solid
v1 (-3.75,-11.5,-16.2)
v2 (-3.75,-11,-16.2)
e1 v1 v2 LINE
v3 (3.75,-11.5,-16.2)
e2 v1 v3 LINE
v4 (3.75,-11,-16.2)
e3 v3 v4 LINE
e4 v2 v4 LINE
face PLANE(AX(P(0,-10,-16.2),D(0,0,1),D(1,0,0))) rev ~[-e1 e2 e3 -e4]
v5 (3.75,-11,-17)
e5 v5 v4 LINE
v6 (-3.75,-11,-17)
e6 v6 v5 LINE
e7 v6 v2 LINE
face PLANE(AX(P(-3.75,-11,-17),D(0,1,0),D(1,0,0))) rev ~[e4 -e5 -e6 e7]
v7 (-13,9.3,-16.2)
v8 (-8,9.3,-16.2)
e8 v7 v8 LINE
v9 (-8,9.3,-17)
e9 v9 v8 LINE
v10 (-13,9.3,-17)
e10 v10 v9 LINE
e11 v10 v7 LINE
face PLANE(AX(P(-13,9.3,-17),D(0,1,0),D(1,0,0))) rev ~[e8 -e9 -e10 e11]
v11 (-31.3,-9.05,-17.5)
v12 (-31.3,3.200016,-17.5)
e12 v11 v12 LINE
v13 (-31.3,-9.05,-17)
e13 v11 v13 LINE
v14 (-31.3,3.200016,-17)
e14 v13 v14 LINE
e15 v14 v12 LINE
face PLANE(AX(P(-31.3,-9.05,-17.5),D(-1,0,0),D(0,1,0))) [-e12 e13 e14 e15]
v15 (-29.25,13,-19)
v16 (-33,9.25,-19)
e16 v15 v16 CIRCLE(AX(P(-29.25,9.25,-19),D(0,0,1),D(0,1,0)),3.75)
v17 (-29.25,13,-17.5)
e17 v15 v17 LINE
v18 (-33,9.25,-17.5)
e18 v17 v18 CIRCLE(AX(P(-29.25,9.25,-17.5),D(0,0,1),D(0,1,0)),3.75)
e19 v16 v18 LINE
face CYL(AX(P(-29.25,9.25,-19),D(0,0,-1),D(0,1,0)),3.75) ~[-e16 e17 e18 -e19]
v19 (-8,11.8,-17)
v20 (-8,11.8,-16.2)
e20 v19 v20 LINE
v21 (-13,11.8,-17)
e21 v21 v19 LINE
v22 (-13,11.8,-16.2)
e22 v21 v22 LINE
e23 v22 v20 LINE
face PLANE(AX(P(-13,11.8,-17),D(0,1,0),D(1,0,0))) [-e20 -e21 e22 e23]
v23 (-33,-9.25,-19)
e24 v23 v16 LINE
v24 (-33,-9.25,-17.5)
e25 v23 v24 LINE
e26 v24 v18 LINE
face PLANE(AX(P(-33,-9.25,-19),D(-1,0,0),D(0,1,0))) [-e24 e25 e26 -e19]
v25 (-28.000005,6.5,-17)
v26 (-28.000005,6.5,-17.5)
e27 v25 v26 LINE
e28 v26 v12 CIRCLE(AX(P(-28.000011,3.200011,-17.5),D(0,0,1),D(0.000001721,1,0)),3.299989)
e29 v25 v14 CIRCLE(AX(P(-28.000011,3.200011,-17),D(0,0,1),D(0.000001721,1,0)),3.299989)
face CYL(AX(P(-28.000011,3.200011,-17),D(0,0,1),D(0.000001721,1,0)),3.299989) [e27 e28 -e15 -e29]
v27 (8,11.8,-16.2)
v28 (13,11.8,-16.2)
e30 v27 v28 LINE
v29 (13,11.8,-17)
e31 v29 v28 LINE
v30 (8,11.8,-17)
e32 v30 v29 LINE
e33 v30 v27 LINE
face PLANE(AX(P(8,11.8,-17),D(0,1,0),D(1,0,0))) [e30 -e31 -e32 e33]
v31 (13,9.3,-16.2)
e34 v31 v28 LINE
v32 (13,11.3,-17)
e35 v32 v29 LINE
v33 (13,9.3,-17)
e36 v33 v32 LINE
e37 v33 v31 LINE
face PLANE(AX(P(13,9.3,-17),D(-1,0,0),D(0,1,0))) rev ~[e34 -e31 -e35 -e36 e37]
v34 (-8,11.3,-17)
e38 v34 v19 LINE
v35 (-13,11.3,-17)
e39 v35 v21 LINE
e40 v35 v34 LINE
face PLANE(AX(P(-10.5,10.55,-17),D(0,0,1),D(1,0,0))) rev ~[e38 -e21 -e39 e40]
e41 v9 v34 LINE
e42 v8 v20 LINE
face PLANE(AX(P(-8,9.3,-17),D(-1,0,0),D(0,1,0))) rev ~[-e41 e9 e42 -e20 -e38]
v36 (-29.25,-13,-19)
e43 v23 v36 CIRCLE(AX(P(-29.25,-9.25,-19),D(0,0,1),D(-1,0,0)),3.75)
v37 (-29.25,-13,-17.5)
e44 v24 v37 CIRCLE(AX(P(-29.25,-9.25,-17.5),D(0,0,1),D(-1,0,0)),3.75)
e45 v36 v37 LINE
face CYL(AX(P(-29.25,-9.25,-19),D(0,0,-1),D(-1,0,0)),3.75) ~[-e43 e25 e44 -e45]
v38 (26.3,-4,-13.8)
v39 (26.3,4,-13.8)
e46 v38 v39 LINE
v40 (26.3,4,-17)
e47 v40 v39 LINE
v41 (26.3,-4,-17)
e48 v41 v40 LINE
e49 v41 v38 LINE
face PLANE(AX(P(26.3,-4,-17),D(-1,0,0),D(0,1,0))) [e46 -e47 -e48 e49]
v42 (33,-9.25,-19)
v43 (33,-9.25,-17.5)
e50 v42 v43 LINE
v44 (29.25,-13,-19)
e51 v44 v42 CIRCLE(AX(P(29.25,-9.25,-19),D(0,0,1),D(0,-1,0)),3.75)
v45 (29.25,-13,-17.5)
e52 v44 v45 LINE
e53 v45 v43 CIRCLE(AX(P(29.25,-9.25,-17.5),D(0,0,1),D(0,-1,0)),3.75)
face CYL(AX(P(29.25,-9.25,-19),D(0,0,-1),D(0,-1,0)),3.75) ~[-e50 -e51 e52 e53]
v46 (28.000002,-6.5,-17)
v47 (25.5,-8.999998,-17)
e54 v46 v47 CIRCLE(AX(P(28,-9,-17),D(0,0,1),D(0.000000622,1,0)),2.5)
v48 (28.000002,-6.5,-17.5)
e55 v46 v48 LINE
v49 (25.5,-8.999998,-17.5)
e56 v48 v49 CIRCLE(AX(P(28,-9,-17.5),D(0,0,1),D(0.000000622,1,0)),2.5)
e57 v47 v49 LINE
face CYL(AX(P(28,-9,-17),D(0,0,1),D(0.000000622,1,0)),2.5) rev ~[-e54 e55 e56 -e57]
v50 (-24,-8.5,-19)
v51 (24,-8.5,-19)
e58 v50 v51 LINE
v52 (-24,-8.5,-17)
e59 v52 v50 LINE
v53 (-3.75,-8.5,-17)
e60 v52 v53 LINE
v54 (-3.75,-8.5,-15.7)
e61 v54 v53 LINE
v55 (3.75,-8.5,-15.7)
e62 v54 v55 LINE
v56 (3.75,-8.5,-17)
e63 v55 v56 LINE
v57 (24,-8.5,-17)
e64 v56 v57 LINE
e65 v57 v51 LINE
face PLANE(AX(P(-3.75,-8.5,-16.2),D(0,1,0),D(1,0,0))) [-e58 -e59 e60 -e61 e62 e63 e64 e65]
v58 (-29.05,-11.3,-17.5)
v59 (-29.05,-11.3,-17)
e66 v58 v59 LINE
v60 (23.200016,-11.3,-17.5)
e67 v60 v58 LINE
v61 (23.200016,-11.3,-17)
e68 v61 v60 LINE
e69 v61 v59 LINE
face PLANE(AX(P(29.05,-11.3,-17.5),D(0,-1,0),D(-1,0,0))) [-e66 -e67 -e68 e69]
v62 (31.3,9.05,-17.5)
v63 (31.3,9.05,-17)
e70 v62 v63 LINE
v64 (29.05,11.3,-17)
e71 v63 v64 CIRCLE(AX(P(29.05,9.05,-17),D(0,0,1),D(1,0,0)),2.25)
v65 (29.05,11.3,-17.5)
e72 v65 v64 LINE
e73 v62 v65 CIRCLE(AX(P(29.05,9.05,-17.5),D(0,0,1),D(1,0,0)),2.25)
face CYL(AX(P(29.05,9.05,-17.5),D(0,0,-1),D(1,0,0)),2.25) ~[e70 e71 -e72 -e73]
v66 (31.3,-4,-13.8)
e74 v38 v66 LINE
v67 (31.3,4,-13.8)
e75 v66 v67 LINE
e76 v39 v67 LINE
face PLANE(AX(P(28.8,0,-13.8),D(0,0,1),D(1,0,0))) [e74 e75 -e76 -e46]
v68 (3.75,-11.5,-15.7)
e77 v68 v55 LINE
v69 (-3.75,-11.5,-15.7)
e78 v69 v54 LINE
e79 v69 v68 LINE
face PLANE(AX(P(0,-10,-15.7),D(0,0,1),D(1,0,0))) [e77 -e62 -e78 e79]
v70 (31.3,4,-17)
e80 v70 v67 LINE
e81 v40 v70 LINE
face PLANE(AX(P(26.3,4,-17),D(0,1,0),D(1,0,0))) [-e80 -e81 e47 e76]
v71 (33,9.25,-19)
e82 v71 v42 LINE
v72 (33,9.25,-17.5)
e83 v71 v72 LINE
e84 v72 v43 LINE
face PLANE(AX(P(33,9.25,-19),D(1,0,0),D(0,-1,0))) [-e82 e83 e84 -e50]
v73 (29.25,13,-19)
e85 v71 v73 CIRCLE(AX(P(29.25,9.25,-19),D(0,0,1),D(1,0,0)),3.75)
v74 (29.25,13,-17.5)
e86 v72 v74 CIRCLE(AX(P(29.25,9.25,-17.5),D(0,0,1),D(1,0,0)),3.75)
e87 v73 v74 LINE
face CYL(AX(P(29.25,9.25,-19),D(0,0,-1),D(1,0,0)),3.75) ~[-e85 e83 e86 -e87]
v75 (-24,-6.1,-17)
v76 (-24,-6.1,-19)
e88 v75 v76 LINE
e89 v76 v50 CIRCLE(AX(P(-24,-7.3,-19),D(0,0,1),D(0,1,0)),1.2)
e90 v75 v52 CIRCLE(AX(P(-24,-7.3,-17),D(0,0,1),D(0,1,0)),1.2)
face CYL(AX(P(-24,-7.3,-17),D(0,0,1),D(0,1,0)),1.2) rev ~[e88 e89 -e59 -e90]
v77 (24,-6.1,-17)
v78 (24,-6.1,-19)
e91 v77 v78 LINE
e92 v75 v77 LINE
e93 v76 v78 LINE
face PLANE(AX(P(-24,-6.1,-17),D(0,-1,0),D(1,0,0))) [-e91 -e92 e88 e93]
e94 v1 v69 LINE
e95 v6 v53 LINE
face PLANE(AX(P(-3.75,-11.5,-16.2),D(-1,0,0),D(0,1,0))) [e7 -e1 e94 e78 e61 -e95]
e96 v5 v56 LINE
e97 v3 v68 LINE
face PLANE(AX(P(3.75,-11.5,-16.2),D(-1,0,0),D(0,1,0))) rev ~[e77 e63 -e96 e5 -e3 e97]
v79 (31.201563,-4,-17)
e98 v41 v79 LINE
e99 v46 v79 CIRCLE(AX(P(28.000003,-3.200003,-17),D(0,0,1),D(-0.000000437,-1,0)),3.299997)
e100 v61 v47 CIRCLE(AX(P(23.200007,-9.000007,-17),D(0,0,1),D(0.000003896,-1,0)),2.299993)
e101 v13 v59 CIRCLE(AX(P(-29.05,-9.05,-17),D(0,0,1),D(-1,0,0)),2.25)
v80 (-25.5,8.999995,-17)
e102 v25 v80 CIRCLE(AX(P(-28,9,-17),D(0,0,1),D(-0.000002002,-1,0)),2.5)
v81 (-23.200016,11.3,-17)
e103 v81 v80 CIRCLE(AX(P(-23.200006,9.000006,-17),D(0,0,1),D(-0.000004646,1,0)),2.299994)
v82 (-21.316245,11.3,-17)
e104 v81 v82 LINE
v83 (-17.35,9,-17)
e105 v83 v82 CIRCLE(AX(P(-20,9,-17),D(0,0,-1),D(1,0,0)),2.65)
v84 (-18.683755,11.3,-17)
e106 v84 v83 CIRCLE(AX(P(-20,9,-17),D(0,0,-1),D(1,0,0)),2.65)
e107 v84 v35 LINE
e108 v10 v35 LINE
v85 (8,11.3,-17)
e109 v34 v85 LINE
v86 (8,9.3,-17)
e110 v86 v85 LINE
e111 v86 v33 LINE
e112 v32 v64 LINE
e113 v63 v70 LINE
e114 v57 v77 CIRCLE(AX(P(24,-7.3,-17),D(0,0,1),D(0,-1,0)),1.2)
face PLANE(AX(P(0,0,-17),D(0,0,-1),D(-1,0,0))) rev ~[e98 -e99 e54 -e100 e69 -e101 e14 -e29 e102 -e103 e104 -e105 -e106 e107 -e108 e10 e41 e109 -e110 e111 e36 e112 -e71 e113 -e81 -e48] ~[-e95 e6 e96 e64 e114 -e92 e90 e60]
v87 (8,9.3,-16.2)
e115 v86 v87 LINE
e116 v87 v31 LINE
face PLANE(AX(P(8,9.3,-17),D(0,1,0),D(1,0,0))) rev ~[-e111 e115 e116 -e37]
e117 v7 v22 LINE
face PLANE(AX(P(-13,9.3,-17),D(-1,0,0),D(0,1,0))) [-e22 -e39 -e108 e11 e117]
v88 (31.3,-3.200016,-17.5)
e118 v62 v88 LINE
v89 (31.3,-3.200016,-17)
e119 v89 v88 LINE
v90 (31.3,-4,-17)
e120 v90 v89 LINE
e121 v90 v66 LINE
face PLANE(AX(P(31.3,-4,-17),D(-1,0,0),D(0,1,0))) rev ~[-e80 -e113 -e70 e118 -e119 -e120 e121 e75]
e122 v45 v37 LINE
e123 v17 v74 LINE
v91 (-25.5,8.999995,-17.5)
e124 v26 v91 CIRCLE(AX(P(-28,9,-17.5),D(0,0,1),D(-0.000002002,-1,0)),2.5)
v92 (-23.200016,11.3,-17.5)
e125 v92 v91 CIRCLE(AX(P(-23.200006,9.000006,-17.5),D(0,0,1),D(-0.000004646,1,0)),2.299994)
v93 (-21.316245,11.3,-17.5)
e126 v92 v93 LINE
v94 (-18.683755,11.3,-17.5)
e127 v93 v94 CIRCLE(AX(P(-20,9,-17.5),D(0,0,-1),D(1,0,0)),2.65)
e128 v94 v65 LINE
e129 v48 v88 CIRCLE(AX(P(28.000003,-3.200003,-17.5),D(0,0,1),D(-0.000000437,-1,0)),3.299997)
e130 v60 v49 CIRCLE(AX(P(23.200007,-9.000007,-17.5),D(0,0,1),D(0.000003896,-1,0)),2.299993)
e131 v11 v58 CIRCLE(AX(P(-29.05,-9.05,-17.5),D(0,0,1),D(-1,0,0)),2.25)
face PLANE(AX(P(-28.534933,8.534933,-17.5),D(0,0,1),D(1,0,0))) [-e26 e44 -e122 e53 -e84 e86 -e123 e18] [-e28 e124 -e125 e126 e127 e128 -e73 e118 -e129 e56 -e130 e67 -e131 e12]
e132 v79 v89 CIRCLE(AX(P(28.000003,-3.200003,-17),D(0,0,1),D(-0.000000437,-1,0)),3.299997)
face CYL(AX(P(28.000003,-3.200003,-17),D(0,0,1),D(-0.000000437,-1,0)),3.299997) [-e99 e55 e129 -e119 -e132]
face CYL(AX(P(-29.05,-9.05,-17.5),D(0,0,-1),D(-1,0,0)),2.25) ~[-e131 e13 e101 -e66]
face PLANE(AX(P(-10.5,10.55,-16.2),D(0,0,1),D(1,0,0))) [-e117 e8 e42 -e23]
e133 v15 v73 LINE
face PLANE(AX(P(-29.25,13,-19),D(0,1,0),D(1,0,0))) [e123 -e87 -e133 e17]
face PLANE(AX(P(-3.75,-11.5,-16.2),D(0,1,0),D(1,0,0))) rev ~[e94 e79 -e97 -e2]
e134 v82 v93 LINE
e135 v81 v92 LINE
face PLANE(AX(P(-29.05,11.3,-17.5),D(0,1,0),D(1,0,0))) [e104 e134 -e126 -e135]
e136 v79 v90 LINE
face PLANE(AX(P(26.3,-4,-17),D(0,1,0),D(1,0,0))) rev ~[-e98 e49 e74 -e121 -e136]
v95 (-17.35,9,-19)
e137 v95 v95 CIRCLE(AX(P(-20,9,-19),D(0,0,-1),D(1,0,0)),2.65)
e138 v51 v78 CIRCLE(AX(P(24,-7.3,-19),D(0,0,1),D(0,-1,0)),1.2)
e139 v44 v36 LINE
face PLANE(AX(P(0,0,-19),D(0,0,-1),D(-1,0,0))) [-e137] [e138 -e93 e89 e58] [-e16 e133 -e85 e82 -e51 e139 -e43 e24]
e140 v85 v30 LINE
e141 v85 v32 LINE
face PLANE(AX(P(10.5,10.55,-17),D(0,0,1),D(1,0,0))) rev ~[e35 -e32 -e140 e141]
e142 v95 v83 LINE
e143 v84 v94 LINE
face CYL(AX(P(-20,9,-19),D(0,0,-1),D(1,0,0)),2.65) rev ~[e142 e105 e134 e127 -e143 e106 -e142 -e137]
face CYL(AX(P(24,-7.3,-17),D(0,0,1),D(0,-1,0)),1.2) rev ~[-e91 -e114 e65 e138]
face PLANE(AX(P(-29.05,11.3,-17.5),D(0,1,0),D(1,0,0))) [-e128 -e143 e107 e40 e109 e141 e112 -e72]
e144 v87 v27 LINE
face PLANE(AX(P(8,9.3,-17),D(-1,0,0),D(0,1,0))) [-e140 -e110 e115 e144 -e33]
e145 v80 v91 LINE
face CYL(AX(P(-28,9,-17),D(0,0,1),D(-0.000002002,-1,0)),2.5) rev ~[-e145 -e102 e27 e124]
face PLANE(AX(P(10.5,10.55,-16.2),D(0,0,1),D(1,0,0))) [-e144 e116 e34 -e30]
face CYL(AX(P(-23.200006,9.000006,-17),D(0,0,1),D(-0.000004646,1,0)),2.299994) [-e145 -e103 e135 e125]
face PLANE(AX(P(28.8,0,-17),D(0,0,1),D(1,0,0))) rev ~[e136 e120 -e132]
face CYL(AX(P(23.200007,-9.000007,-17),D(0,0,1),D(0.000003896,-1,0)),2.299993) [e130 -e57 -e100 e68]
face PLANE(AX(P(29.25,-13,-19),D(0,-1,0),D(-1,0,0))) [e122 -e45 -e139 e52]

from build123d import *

# Parameters (mm, degrees)
PAD007_DEPTH    = 1.5
PAD008_DEPTH    = 0.5
SKETCH012_W     = 5
SKETCH012_H     = 2.5
SKETCH012_W_2   = 7.5
PAD009_DEPTH    = 0.8
SKETCH013_W     = 7.5
SKETCH013_H     = 3
PAD010_DEPTH    = 0.5
POCKET003_DEPTH = 0.5
POCKET004_DEPTH = 2
SKETCH021_W     = 5
SKETCH021_H     = 8
PAD013_DEPTH    = 3.2
SKETCH024_R     = 2.65
POCKET007_DEPTH = 5.201


with BuildPart() as part:
    # Sketch010 → Pad007 (new body)
    with BuildSketch(Plane.XY.offset(-19)):
        with BuildLine():
            Line((-29.25, 13), (29.25, 13))
            ThreePointArc((33, 9.25), (31.9016504294, 11.9016504294), (29.25, 13))
            Line((33, 9.25), (33, -9.25))
            ThreePointArc((29.25, -13), (31.9016504295, -11.9016504294), (33, -9.25))
            Line((29.25, -13), (-29.25, -13))
            ThreePointArc((-33, -9.25), (-31.9016504294, -11.9016504295), (-29.25, -13))
            Line((-33, -9.25), (-33, 9.25))
            ThreePointArc((-29.25, 13), (-31.9016504294, 11.9016504294), (-33, 9.25))
        make_face()
    extrude(amount=PAD007_DEPTH)

    # Sketch011 → Pad008 (new body)
    with BuildSketch(Plane.XY.offset(-17.5)):
        with BuildLine():
            Line((-29.05, 11.3), (29.05, 11.3))
            ThreePointArc((31.3, 9.05), (30.6409902577, 10.6409902577), (29.05, 11.3))
            Line((31.3, 9.05), (31.3, -9.05))
            ThreePointArc((29.05, -11.3), (30.6409902577, -10.6409902577), (31.3, -9.05))
            Line((29.05, -11.3), (-29.05, -11.3))
            ThreePointArc((-31.3, -9.05), (-30.6409902577, -10.6409902577), (-29.05, -11.3))
            Line((-31.3, -9.05), (-31.3, 9.05))
            ThreePointArc((-29.05, 11.3), (-30.6409902577, 10.6409902577), (-31.3, 9.05))
        make_face()
    extrude(amount=PAD008_DEPTH)

    # Sketch012 → Pad009 (new body)
    with BuildSketch(Plane.XY.offset(-17)):
        with Locations((-10.5, 10.55)):
            Rectangle(SKETCH012_W, SKETCH012_H)
        with Locations((10.5, 10.55)):
            Rectangle(SKETCH012_W, SKETCH012_H)
        with Locations((0, -9.75)):
            Rectangle(SKETCH012_W_2, SKETCH012_H)
    extrude(amount=PAD009_DEPTH)

    # Sketch013 → Pad010 (new body)
    with BuildSketch(Plane.XY.offset(-16.2)):
        with Locations((0, -10)):
            Rectangle(SKETCH013_W, SKETCH013_H)
    extrude(amount=PAD010_DEPTH)

    # Sketch016 → Pocket003 (cut)
    with BuildSketch(Plane.XY.offset(-17)):
        with BuildLine():
            ThreePointArc((28.0000015561, -6.5), (26.2322341473, -7.2322319467), (25.5, -8.9999984439))
            ThreePointArc((23.2000163651, -11.3), (24.8263541015, -10.6263414294), (25.5, -8.999998444))
            Line((23.2000163651, -11.5), (23.2000163651, -11.3))
            Line((31.5, -11.5), (23.2000163651, -11.5))
            Line((31.5, -3.2000163651), (31.5, -11.5))
            Line((31.3, -3.2000163651), (31.5, -3.2000163651))
            ThreePointArc((28.0000015561, -6.5), (30.3334480205, -5.5334584921), (31.3, -3.2000163651))
        make_face()
        with BuildLine():
            Line((-23.2000163651, 11.3), (-23.2000163651, 11.5))
            Line((-23.2000163651, 11.5), (-31.5, 11.5))
            Line((-31.5, 11.5), (-31.5, 3.2000163651))
            Line((-31.5, 3.2000163651), (-31.3, 3.2000163651))
            ThreePointArc((-28.000005004, 6.5), (-30.3334514906, 5.5334595241), (-31.3, 3.2000163651))
            ThreePointArc((-28.000005004, 6.5), (-26.2322365854, 7.2322295087), (-25.5, 8.999994996))
            ThreePointArc((-23.2000163651, 11.3), (-24.8263548156, 10.6263397054), (-25.5, 8.999994996))
        make_face()
    extrude(amount=-POCKET003_DEPTH, mode=Mode.SUBTRACT)

    # Sketch017 → Pocket004 (cut)
    with BuildSketch(Plane.XY.offset(-17)):
        with BuildLine():
            ThreePointArc((-24, -6.1), (-25.2, -7.3), (-24, -8.5))
            Line((-24, -8.5), (24, -8.5))
            ThreePointArc((24, -8.5), (25.2, -7.3), (24, -6.1))
            Line((-24, -6.1), (24, -6.1))
        make_face()
    extrude(amount=-POCKET004_DEPTH, mode=Mode.SUBTRACT)

    # Sketch021 → Pad013 (new body)
    with BuildSketch(Plane.XY.offset(-17)):
        with Locations((28.8, 0)):
            Rectangle(SKETCH021_W, SKETCH021_H)
    extrude(amount=PAD013_DEPTH)

    # Sketch024 → Pocket007 (cut, through all)
    with BuildSketch(Plane(origin=(0, 0, -19), x_dir=(1, 0, 0), z_dir=(0, 0, -1))):
        with Locations((-20, -9)):
            Circle(SKETCH024_R)
    extrude(amount=-POCKET007_DEPTH, mode=Mode.SUBTRACT)


solid = part.part
